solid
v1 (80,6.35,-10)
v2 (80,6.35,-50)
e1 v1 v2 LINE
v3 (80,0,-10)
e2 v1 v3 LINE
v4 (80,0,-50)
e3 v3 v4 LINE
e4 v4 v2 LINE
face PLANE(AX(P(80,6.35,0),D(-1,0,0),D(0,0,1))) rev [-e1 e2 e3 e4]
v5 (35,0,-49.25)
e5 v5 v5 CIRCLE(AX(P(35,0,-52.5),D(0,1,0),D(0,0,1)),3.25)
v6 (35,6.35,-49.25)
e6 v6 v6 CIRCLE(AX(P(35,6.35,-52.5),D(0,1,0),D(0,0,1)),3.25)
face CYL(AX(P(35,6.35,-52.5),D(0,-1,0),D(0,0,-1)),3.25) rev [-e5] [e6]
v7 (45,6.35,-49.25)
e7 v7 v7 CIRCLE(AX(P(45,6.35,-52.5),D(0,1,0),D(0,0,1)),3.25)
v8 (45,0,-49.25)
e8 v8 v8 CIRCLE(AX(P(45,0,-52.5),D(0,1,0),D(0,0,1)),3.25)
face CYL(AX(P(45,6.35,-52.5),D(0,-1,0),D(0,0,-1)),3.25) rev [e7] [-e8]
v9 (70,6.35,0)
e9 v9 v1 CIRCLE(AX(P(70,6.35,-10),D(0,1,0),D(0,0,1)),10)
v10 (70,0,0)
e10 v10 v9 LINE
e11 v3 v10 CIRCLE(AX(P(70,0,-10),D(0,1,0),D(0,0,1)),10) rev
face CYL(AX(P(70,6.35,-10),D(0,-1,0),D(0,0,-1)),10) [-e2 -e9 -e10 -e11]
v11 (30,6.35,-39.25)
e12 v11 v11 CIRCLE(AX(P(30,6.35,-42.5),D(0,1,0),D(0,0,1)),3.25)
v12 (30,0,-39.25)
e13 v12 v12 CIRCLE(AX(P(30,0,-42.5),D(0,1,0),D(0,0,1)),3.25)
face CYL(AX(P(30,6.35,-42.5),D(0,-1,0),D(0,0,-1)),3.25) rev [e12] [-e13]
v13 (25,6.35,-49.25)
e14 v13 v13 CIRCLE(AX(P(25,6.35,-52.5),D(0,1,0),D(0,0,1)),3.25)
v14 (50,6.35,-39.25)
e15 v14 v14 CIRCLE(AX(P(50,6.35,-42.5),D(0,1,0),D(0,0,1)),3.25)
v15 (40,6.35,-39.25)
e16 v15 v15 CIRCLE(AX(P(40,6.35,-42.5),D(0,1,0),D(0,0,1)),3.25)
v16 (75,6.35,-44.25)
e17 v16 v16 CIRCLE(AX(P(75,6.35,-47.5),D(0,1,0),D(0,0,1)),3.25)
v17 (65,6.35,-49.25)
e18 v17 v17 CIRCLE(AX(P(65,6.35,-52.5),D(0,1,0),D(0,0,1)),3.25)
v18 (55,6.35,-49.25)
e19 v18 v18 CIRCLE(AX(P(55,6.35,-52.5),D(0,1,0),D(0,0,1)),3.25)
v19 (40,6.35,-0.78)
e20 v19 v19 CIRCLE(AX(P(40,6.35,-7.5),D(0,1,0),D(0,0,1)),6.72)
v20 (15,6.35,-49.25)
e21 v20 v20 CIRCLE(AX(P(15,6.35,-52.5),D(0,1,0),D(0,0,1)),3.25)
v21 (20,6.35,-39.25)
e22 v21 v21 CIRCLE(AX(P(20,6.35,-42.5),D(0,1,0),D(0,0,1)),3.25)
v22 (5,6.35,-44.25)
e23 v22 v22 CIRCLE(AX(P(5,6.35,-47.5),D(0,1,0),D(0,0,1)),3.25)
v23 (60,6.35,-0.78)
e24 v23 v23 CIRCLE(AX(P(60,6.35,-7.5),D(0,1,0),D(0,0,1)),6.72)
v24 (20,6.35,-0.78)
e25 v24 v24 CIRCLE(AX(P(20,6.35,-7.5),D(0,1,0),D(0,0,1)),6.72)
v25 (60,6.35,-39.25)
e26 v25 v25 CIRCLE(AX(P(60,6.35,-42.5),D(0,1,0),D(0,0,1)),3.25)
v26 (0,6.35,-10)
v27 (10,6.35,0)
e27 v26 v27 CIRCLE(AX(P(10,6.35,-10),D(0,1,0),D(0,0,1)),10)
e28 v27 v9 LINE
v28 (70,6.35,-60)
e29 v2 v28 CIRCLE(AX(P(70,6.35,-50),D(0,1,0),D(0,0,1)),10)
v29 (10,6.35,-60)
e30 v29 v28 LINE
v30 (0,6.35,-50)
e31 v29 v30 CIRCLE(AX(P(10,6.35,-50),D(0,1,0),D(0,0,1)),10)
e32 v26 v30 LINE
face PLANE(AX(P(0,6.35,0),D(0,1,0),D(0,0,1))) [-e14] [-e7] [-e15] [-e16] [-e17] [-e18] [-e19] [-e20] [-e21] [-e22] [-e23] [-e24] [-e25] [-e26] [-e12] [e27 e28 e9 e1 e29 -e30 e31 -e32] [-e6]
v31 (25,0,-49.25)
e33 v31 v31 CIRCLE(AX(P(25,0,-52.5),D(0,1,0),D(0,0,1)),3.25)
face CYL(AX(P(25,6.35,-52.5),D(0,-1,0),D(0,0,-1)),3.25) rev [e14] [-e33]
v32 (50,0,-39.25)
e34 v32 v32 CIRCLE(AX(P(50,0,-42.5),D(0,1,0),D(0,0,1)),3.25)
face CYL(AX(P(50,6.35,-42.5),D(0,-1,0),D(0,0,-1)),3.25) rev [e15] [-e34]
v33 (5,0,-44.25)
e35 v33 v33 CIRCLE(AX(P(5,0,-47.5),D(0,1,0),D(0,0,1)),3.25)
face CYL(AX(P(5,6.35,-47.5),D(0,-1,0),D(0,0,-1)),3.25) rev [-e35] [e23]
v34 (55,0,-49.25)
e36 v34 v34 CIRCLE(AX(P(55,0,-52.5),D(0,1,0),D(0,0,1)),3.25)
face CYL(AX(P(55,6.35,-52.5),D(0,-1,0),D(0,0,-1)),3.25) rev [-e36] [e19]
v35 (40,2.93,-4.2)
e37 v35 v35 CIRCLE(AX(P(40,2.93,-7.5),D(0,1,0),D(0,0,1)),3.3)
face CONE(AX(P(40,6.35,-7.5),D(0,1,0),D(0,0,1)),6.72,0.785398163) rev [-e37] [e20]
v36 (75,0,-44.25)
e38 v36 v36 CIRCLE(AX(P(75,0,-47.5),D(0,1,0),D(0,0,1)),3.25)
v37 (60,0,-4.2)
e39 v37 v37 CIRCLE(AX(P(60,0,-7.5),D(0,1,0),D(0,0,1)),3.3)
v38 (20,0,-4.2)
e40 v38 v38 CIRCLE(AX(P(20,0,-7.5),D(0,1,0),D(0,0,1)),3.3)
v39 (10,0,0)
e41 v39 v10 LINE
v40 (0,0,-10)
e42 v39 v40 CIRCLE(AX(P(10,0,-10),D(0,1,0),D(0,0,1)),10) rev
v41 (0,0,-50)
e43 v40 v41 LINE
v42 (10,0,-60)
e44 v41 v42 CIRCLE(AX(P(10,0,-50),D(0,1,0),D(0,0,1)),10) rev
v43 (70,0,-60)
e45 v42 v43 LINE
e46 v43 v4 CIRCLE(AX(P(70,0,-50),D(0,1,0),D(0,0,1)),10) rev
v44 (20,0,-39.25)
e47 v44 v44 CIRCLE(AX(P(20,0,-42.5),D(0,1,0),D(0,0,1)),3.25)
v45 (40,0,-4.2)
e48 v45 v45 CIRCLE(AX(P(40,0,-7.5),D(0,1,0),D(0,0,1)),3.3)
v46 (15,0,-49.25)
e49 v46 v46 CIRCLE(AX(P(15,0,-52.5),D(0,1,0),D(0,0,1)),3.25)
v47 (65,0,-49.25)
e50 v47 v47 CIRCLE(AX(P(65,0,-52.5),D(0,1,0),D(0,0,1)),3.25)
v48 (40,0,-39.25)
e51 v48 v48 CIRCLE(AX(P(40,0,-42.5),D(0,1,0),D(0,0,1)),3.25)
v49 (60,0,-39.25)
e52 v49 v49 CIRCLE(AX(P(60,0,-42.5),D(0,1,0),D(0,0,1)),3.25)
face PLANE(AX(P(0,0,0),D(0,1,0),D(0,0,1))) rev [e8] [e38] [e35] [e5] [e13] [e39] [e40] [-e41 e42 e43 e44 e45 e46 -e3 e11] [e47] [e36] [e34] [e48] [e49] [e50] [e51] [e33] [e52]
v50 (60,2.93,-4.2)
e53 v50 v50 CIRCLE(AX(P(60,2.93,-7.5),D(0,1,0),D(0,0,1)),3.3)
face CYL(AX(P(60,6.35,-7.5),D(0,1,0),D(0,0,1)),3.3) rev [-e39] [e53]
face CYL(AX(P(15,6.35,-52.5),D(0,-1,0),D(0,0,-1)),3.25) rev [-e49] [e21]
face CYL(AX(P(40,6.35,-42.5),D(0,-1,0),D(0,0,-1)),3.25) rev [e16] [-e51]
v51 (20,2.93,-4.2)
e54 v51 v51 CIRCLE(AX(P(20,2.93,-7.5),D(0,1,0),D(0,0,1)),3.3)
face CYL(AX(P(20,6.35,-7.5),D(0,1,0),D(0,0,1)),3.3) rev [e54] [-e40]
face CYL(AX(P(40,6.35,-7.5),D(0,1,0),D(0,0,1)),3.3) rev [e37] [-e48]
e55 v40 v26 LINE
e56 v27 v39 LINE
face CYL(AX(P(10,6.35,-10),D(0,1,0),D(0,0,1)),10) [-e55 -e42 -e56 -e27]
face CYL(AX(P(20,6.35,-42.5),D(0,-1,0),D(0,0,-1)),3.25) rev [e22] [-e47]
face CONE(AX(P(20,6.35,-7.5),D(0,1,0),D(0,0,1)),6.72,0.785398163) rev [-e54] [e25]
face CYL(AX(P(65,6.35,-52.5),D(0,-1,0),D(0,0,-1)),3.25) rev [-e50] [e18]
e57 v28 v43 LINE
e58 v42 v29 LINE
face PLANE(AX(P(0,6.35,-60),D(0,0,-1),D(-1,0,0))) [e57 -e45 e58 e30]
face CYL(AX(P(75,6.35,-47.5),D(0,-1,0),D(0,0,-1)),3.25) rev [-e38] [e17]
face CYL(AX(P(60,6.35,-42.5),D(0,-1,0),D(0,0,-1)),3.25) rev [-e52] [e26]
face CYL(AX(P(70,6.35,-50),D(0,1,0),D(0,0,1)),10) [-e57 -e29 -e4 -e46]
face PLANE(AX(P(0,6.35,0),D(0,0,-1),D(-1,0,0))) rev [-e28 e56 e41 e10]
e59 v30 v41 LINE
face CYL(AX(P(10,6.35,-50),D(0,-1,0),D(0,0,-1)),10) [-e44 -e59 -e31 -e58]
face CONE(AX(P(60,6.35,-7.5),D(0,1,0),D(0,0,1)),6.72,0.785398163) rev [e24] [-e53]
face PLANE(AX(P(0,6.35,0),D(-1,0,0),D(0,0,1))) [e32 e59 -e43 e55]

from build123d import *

# Parameters (mm, degrees)
SKETCH1_W                    = 80
SKETCH1_H                    = 60
SKETCH1_R                    = 3.1
SKETCH1_R_2                  = 3.25
BOSS_EXTRUDE1_DEPTH          = 6.35
FILLET1_R                    = 10
CSK_FOR_M6_SFHCS1_AT_2_COUNT = 2
CSK_FOR_M6_SFHCS1_AT_2_PITCH = 20
CSK_FOR_M6_SFHCS1_AT_3_COUNT = 2
CSK_FOR_M6_SFHCS1_AT_3_PITCH = 40


with BuildPart() as part:
    # Sketch1 → Boss-Extrude1 (new body)
    with BuildSketch(Plane(origin=(0, 0, 0), x_dir=(1, 0, 0), z_dir=(0, 1, 0))):
        with Locations((40, 30)):
            Rectangle(SKETCH1_W, SKETCH1_H)
        with Locations((40, 7.5)):
            Circle(SKETCH1_R, mode=Mode.SUBTRACT)
        with Locations((20, 7.5)):
            Circle(SKETCH1_R, mode=Mode.SUBTRACT)
        with Locations((60, 7.5)):
            Circle(SKETCH1_R, mode=Mode.SUBTRACT)
        with Locations((35, 52.5)):
            Circle(SKETCH1_R_2, mode=Mode.SUBTRACT)
        with Locations((45, 52.5)):
            Circle(SKETCH1_R_2, mode=Mode.SUBTRACT)
        with Locations((25, 52.5)):
            Circle(SKETCH1_R_2, mode=Mode.SUBTRACT)
        with Locations((30, 42.5)):
            Circle(SKETCH1_R_2, mode=Mode.SUBTRACT)
        with Locations((40, 42.5)):
            Circle(SKETCH1_R_2, mode=Mode.SUBTRACT)
        with Locations((50, 42.5)):
            Circle(SKETCH1_R_2, mode=Mode.SUBTRACT)
        with Locations((20, 42.5)):
            Circle(SKETCH1_R_2, mode=Mode.SUBTRACT)
        with Locations((15, 52.5)):
            Circle(SKETCH1_R_2, mode=Mode.SUBTRACT)
        with Locations((55, 52.5)):
            Circle(SKETCH1_R_2, mode=Mode.SUBTRACT)
        with Locations((65, 52.5)):
            Circle(SKETCH1_R_2, mode=Mode.SUBTRACT)
        with Locations((60, 42.5)):
            Circle(SKETCH1_R_2, mode=Mode.SUBTRACT)
        with Locations((75, 47.5)):
            Circle(SKETCH1_R_2, mode=Mode.SUBTRACT)
        with Locations((5, 47.5)):
            Circle(SKETCH1_R_2, mode=Mode.SUBTRACT)
    extrude(amount=BOSS_EXTRUDE1_DEPTH)

    # Fillet1
    fillet1_edges = [part.edges().sort_by_distance(p)[0] for p in [
        (0, 3.175, 0),
        (0, 3.175, -60),
        (80, 3.175, -60),
        (80, 3.175, 0),
    ]]
    fillet(fillet1_edges, radius=FILLET1_R)

    # Sketch3 → CSK for M6 SFHCS1 (revolve, cut)
    with BuildSketch(Plane(origin=(20, 6.35, -7.5), x_dir=(0, 0, 1), z_dir=(1, 0, 0))):
        Polygon((0, 0), (0, 6.35), (3.3, 6.35), (3.3, 3.42), (6.72, 0), align=None)
    csk_for_m6_sfhcs1 = revolve(axis=Axis((20, 12.7, -7.5), (0, -1, 0)), mode=Mode.SUBTRACT)

    # CSK for M6 SFHCS1 at 2: CSK for M6 SFHCS1 ×2
    with Locations(*[(i * CSK_FOR_M6_SFHCS1_AT_2_PITCH, 0, 0) for i in range(1, CSK_FOR_M6_SFHCS1_AT_2_COUNT)]):
        add(csk_for_m6_sfhcs1, mode=Mode.SUBTRACT)

    # CSK for M6 SFHCS1 at 3: CSK for M6 SFHCS1 ×2
    with Locations(*[(i * CSK_FOR_M6_SFHCS1_AT_3_PITCH, 0, 0) for i in range(1, CSK_FOR_M6_SFHCS1_AT_3_COUNT)]):
        add(csk_for_m6_sfhcs1, mode=Mode.SUBTRACT)


solid = part.part
